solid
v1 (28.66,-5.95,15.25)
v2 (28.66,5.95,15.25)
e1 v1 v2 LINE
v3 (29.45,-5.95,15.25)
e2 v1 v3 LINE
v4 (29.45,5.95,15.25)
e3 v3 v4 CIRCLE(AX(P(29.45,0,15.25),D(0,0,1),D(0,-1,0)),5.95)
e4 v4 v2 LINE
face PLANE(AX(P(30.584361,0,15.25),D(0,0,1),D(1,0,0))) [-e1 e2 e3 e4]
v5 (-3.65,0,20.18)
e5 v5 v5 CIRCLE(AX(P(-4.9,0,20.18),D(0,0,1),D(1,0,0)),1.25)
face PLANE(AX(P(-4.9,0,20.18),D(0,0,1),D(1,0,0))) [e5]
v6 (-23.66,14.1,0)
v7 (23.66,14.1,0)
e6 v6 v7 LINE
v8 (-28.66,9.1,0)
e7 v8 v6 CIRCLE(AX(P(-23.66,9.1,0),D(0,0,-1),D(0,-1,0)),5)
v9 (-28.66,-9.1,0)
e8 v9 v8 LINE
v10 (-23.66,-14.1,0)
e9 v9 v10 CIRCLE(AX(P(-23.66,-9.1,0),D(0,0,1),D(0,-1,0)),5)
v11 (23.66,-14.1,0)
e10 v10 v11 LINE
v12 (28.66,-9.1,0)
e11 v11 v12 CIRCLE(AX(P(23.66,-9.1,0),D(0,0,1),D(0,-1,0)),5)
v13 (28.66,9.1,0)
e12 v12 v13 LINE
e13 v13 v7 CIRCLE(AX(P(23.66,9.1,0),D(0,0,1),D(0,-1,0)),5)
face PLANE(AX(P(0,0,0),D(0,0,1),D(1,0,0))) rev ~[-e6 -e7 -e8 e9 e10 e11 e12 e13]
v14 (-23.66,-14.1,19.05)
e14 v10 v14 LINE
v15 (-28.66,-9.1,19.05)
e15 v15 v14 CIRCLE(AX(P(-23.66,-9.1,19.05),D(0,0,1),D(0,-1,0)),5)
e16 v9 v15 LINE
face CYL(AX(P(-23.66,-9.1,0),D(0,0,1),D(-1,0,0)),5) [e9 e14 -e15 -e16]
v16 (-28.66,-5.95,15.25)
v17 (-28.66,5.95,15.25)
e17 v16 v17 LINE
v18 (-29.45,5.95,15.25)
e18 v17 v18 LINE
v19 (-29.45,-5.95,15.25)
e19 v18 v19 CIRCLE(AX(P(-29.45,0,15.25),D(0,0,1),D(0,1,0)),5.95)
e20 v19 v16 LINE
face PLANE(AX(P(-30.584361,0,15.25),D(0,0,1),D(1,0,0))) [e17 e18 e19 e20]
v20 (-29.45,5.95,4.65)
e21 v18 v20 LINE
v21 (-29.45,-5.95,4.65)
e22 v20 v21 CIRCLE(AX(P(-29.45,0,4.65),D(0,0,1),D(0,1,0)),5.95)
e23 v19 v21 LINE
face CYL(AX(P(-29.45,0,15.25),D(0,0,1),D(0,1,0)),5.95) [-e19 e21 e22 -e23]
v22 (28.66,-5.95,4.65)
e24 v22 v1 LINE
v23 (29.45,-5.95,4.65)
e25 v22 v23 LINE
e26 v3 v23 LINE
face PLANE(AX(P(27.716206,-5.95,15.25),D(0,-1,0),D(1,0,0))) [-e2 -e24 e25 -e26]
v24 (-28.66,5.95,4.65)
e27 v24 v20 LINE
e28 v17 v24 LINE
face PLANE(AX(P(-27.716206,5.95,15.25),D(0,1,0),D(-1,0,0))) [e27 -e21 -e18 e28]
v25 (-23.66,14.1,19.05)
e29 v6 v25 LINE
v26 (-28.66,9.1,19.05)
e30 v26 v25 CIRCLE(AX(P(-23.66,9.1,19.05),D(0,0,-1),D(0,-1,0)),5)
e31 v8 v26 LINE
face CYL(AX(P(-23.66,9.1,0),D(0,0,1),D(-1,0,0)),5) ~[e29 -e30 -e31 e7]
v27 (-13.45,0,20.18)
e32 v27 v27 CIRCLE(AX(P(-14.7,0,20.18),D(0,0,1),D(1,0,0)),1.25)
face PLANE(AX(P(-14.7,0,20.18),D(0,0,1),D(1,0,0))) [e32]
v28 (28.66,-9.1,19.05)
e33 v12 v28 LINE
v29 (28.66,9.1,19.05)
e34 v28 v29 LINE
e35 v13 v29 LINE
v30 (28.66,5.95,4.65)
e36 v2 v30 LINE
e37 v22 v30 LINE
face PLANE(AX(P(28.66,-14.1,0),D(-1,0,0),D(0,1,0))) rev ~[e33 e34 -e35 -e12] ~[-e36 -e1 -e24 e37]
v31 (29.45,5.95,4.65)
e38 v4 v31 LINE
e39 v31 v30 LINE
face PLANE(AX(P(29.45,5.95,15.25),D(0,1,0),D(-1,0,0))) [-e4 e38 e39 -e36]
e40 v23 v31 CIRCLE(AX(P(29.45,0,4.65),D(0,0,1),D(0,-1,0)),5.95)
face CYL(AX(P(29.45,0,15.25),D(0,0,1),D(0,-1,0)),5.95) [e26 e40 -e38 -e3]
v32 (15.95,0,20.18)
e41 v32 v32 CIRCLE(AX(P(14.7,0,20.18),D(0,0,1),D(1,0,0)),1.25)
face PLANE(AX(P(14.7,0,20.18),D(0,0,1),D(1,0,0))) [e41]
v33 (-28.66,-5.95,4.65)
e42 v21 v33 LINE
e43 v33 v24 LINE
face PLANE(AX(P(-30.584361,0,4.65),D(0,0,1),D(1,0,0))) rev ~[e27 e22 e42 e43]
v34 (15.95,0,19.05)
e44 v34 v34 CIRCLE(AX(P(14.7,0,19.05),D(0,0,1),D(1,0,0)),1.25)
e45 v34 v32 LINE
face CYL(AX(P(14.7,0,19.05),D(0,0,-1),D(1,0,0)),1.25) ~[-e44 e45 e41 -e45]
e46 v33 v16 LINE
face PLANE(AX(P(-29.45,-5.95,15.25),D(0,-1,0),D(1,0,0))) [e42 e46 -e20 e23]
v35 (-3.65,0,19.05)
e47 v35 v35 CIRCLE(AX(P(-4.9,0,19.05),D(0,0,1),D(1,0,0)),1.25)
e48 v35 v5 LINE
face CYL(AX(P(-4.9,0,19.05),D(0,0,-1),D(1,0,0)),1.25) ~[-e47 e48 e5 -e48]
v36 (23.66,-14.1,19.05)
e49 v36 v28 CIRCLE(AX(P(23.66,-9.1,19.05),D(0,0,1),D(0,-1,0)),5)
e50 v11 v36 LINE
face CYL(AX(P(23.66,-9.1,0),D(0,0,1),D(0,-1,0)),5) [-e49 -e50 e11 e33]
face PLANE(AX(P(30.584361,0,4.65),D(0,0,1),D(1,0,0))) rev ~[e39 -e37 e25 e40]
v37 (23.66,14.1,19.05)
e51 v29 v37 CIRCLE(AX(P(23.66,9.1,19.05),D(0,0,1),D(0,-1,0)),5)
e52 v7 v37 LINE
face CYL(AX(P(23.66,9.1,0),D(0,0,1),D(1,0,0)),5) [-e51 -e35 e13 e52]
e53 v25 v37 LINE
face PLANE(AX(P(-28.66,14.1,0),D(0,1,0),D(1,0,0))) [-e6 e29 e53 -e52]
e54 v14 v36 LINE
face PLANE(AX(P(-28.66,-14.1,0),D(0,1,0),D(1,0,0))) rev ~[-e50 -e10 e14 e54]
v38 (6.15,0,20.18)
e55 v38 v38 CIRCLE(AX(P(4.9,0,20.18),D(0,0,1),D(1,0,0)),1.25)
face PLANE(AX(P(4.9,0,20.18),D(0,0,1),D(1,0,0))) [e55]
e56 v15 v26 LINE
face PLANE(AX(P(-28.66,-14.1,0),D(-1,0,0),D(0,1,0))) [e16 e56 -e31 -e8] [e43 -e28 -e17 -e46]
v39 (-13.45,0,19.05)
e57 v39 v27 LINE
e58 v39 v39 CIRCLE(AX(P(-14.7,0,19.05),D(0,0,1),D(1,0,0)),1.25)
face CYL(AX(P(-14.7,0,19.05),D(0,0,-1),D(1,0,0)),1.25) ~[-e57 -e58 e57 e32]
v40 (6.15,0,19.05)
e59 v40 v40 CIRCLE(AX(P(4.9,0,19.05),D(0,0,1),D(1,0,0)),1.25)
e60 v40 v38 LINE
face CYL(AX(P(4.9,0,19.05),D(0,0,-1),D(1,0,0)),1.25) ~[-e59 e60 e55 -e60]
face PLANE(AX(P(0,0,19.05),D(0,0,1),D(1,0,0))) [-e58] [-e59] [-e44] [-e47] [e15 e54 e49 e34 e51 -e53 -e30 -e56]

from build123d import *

# Parameters (mm, degrees)
F0_W     = 57.32
F0_H     = 28.2
F1_DEPTH = 19.05
F2_R     = 5
F5_DEPTH = 10.6
F6_R     = 1.25
F7_DEPTH = 1.13


with BuildPart() as f1:
    # F0 (on Top) → F1 (new body)
    with BuildSketch(Plane.XY):
        Rectangle(F0_W, F0_H)
    extrude(amount=F1_DEPTH)

    # F2
    f2_edges = [f1.edges().sort_by_distance(p)[0] for p in [
        (-28.66, 14.1, 9.525),
        (-28.66, -14.1, 9.525),
        (28.66, -14.1, 9.525),
        (28.66, 14.1, 9.525),
    ]]
    fillet(f2_edges, radius=F2_R)

    # F4 (on offset) → F5 (join)
    with BuildSketch(Plane.XY.offset(15.25)):
        with BuildLine():
            Line((-27.716206, 5.95), (-29.45, 5.95))
            ThreePointArc((-29.45, 5.95), (-35.4, 0), (-29.45, -5.95))
            Line((-29.45, -5.95), (-27.716206, -5.95))
            Line((-27.716206, -5.95), (-27.716206, 5.95))
        make_face()
        with BuildLine():
            Line((27.716206, -5.95), (29.45, -5.95))
            ThreePointArc((29.45, -5.95), (35.4, 0), (29.45, 5.95))
            Line((29.45, 5.95), (27.716206, 5.95))
            Line((27.716206, 5.95), (27.716206, -5.95))
        make_face()
    extrude(amount=-F5_DEPTH)

    # F6 (on face) → F7 (join)
    with BuildSketch(Plane.XY.offset(19.05)):
        with Locations((-14.7, 0)):
            Circle(F6_R)
        with Locations((-4.9, 0)):
            Circle(F6_R)
        with Locations((4.9, 0)):
            Circle(F6_R)
        with Locations((14.7, 0)):
            Circle(F6_R)
    extrude(amount=F7_DEPTH)


solid = f1.part
